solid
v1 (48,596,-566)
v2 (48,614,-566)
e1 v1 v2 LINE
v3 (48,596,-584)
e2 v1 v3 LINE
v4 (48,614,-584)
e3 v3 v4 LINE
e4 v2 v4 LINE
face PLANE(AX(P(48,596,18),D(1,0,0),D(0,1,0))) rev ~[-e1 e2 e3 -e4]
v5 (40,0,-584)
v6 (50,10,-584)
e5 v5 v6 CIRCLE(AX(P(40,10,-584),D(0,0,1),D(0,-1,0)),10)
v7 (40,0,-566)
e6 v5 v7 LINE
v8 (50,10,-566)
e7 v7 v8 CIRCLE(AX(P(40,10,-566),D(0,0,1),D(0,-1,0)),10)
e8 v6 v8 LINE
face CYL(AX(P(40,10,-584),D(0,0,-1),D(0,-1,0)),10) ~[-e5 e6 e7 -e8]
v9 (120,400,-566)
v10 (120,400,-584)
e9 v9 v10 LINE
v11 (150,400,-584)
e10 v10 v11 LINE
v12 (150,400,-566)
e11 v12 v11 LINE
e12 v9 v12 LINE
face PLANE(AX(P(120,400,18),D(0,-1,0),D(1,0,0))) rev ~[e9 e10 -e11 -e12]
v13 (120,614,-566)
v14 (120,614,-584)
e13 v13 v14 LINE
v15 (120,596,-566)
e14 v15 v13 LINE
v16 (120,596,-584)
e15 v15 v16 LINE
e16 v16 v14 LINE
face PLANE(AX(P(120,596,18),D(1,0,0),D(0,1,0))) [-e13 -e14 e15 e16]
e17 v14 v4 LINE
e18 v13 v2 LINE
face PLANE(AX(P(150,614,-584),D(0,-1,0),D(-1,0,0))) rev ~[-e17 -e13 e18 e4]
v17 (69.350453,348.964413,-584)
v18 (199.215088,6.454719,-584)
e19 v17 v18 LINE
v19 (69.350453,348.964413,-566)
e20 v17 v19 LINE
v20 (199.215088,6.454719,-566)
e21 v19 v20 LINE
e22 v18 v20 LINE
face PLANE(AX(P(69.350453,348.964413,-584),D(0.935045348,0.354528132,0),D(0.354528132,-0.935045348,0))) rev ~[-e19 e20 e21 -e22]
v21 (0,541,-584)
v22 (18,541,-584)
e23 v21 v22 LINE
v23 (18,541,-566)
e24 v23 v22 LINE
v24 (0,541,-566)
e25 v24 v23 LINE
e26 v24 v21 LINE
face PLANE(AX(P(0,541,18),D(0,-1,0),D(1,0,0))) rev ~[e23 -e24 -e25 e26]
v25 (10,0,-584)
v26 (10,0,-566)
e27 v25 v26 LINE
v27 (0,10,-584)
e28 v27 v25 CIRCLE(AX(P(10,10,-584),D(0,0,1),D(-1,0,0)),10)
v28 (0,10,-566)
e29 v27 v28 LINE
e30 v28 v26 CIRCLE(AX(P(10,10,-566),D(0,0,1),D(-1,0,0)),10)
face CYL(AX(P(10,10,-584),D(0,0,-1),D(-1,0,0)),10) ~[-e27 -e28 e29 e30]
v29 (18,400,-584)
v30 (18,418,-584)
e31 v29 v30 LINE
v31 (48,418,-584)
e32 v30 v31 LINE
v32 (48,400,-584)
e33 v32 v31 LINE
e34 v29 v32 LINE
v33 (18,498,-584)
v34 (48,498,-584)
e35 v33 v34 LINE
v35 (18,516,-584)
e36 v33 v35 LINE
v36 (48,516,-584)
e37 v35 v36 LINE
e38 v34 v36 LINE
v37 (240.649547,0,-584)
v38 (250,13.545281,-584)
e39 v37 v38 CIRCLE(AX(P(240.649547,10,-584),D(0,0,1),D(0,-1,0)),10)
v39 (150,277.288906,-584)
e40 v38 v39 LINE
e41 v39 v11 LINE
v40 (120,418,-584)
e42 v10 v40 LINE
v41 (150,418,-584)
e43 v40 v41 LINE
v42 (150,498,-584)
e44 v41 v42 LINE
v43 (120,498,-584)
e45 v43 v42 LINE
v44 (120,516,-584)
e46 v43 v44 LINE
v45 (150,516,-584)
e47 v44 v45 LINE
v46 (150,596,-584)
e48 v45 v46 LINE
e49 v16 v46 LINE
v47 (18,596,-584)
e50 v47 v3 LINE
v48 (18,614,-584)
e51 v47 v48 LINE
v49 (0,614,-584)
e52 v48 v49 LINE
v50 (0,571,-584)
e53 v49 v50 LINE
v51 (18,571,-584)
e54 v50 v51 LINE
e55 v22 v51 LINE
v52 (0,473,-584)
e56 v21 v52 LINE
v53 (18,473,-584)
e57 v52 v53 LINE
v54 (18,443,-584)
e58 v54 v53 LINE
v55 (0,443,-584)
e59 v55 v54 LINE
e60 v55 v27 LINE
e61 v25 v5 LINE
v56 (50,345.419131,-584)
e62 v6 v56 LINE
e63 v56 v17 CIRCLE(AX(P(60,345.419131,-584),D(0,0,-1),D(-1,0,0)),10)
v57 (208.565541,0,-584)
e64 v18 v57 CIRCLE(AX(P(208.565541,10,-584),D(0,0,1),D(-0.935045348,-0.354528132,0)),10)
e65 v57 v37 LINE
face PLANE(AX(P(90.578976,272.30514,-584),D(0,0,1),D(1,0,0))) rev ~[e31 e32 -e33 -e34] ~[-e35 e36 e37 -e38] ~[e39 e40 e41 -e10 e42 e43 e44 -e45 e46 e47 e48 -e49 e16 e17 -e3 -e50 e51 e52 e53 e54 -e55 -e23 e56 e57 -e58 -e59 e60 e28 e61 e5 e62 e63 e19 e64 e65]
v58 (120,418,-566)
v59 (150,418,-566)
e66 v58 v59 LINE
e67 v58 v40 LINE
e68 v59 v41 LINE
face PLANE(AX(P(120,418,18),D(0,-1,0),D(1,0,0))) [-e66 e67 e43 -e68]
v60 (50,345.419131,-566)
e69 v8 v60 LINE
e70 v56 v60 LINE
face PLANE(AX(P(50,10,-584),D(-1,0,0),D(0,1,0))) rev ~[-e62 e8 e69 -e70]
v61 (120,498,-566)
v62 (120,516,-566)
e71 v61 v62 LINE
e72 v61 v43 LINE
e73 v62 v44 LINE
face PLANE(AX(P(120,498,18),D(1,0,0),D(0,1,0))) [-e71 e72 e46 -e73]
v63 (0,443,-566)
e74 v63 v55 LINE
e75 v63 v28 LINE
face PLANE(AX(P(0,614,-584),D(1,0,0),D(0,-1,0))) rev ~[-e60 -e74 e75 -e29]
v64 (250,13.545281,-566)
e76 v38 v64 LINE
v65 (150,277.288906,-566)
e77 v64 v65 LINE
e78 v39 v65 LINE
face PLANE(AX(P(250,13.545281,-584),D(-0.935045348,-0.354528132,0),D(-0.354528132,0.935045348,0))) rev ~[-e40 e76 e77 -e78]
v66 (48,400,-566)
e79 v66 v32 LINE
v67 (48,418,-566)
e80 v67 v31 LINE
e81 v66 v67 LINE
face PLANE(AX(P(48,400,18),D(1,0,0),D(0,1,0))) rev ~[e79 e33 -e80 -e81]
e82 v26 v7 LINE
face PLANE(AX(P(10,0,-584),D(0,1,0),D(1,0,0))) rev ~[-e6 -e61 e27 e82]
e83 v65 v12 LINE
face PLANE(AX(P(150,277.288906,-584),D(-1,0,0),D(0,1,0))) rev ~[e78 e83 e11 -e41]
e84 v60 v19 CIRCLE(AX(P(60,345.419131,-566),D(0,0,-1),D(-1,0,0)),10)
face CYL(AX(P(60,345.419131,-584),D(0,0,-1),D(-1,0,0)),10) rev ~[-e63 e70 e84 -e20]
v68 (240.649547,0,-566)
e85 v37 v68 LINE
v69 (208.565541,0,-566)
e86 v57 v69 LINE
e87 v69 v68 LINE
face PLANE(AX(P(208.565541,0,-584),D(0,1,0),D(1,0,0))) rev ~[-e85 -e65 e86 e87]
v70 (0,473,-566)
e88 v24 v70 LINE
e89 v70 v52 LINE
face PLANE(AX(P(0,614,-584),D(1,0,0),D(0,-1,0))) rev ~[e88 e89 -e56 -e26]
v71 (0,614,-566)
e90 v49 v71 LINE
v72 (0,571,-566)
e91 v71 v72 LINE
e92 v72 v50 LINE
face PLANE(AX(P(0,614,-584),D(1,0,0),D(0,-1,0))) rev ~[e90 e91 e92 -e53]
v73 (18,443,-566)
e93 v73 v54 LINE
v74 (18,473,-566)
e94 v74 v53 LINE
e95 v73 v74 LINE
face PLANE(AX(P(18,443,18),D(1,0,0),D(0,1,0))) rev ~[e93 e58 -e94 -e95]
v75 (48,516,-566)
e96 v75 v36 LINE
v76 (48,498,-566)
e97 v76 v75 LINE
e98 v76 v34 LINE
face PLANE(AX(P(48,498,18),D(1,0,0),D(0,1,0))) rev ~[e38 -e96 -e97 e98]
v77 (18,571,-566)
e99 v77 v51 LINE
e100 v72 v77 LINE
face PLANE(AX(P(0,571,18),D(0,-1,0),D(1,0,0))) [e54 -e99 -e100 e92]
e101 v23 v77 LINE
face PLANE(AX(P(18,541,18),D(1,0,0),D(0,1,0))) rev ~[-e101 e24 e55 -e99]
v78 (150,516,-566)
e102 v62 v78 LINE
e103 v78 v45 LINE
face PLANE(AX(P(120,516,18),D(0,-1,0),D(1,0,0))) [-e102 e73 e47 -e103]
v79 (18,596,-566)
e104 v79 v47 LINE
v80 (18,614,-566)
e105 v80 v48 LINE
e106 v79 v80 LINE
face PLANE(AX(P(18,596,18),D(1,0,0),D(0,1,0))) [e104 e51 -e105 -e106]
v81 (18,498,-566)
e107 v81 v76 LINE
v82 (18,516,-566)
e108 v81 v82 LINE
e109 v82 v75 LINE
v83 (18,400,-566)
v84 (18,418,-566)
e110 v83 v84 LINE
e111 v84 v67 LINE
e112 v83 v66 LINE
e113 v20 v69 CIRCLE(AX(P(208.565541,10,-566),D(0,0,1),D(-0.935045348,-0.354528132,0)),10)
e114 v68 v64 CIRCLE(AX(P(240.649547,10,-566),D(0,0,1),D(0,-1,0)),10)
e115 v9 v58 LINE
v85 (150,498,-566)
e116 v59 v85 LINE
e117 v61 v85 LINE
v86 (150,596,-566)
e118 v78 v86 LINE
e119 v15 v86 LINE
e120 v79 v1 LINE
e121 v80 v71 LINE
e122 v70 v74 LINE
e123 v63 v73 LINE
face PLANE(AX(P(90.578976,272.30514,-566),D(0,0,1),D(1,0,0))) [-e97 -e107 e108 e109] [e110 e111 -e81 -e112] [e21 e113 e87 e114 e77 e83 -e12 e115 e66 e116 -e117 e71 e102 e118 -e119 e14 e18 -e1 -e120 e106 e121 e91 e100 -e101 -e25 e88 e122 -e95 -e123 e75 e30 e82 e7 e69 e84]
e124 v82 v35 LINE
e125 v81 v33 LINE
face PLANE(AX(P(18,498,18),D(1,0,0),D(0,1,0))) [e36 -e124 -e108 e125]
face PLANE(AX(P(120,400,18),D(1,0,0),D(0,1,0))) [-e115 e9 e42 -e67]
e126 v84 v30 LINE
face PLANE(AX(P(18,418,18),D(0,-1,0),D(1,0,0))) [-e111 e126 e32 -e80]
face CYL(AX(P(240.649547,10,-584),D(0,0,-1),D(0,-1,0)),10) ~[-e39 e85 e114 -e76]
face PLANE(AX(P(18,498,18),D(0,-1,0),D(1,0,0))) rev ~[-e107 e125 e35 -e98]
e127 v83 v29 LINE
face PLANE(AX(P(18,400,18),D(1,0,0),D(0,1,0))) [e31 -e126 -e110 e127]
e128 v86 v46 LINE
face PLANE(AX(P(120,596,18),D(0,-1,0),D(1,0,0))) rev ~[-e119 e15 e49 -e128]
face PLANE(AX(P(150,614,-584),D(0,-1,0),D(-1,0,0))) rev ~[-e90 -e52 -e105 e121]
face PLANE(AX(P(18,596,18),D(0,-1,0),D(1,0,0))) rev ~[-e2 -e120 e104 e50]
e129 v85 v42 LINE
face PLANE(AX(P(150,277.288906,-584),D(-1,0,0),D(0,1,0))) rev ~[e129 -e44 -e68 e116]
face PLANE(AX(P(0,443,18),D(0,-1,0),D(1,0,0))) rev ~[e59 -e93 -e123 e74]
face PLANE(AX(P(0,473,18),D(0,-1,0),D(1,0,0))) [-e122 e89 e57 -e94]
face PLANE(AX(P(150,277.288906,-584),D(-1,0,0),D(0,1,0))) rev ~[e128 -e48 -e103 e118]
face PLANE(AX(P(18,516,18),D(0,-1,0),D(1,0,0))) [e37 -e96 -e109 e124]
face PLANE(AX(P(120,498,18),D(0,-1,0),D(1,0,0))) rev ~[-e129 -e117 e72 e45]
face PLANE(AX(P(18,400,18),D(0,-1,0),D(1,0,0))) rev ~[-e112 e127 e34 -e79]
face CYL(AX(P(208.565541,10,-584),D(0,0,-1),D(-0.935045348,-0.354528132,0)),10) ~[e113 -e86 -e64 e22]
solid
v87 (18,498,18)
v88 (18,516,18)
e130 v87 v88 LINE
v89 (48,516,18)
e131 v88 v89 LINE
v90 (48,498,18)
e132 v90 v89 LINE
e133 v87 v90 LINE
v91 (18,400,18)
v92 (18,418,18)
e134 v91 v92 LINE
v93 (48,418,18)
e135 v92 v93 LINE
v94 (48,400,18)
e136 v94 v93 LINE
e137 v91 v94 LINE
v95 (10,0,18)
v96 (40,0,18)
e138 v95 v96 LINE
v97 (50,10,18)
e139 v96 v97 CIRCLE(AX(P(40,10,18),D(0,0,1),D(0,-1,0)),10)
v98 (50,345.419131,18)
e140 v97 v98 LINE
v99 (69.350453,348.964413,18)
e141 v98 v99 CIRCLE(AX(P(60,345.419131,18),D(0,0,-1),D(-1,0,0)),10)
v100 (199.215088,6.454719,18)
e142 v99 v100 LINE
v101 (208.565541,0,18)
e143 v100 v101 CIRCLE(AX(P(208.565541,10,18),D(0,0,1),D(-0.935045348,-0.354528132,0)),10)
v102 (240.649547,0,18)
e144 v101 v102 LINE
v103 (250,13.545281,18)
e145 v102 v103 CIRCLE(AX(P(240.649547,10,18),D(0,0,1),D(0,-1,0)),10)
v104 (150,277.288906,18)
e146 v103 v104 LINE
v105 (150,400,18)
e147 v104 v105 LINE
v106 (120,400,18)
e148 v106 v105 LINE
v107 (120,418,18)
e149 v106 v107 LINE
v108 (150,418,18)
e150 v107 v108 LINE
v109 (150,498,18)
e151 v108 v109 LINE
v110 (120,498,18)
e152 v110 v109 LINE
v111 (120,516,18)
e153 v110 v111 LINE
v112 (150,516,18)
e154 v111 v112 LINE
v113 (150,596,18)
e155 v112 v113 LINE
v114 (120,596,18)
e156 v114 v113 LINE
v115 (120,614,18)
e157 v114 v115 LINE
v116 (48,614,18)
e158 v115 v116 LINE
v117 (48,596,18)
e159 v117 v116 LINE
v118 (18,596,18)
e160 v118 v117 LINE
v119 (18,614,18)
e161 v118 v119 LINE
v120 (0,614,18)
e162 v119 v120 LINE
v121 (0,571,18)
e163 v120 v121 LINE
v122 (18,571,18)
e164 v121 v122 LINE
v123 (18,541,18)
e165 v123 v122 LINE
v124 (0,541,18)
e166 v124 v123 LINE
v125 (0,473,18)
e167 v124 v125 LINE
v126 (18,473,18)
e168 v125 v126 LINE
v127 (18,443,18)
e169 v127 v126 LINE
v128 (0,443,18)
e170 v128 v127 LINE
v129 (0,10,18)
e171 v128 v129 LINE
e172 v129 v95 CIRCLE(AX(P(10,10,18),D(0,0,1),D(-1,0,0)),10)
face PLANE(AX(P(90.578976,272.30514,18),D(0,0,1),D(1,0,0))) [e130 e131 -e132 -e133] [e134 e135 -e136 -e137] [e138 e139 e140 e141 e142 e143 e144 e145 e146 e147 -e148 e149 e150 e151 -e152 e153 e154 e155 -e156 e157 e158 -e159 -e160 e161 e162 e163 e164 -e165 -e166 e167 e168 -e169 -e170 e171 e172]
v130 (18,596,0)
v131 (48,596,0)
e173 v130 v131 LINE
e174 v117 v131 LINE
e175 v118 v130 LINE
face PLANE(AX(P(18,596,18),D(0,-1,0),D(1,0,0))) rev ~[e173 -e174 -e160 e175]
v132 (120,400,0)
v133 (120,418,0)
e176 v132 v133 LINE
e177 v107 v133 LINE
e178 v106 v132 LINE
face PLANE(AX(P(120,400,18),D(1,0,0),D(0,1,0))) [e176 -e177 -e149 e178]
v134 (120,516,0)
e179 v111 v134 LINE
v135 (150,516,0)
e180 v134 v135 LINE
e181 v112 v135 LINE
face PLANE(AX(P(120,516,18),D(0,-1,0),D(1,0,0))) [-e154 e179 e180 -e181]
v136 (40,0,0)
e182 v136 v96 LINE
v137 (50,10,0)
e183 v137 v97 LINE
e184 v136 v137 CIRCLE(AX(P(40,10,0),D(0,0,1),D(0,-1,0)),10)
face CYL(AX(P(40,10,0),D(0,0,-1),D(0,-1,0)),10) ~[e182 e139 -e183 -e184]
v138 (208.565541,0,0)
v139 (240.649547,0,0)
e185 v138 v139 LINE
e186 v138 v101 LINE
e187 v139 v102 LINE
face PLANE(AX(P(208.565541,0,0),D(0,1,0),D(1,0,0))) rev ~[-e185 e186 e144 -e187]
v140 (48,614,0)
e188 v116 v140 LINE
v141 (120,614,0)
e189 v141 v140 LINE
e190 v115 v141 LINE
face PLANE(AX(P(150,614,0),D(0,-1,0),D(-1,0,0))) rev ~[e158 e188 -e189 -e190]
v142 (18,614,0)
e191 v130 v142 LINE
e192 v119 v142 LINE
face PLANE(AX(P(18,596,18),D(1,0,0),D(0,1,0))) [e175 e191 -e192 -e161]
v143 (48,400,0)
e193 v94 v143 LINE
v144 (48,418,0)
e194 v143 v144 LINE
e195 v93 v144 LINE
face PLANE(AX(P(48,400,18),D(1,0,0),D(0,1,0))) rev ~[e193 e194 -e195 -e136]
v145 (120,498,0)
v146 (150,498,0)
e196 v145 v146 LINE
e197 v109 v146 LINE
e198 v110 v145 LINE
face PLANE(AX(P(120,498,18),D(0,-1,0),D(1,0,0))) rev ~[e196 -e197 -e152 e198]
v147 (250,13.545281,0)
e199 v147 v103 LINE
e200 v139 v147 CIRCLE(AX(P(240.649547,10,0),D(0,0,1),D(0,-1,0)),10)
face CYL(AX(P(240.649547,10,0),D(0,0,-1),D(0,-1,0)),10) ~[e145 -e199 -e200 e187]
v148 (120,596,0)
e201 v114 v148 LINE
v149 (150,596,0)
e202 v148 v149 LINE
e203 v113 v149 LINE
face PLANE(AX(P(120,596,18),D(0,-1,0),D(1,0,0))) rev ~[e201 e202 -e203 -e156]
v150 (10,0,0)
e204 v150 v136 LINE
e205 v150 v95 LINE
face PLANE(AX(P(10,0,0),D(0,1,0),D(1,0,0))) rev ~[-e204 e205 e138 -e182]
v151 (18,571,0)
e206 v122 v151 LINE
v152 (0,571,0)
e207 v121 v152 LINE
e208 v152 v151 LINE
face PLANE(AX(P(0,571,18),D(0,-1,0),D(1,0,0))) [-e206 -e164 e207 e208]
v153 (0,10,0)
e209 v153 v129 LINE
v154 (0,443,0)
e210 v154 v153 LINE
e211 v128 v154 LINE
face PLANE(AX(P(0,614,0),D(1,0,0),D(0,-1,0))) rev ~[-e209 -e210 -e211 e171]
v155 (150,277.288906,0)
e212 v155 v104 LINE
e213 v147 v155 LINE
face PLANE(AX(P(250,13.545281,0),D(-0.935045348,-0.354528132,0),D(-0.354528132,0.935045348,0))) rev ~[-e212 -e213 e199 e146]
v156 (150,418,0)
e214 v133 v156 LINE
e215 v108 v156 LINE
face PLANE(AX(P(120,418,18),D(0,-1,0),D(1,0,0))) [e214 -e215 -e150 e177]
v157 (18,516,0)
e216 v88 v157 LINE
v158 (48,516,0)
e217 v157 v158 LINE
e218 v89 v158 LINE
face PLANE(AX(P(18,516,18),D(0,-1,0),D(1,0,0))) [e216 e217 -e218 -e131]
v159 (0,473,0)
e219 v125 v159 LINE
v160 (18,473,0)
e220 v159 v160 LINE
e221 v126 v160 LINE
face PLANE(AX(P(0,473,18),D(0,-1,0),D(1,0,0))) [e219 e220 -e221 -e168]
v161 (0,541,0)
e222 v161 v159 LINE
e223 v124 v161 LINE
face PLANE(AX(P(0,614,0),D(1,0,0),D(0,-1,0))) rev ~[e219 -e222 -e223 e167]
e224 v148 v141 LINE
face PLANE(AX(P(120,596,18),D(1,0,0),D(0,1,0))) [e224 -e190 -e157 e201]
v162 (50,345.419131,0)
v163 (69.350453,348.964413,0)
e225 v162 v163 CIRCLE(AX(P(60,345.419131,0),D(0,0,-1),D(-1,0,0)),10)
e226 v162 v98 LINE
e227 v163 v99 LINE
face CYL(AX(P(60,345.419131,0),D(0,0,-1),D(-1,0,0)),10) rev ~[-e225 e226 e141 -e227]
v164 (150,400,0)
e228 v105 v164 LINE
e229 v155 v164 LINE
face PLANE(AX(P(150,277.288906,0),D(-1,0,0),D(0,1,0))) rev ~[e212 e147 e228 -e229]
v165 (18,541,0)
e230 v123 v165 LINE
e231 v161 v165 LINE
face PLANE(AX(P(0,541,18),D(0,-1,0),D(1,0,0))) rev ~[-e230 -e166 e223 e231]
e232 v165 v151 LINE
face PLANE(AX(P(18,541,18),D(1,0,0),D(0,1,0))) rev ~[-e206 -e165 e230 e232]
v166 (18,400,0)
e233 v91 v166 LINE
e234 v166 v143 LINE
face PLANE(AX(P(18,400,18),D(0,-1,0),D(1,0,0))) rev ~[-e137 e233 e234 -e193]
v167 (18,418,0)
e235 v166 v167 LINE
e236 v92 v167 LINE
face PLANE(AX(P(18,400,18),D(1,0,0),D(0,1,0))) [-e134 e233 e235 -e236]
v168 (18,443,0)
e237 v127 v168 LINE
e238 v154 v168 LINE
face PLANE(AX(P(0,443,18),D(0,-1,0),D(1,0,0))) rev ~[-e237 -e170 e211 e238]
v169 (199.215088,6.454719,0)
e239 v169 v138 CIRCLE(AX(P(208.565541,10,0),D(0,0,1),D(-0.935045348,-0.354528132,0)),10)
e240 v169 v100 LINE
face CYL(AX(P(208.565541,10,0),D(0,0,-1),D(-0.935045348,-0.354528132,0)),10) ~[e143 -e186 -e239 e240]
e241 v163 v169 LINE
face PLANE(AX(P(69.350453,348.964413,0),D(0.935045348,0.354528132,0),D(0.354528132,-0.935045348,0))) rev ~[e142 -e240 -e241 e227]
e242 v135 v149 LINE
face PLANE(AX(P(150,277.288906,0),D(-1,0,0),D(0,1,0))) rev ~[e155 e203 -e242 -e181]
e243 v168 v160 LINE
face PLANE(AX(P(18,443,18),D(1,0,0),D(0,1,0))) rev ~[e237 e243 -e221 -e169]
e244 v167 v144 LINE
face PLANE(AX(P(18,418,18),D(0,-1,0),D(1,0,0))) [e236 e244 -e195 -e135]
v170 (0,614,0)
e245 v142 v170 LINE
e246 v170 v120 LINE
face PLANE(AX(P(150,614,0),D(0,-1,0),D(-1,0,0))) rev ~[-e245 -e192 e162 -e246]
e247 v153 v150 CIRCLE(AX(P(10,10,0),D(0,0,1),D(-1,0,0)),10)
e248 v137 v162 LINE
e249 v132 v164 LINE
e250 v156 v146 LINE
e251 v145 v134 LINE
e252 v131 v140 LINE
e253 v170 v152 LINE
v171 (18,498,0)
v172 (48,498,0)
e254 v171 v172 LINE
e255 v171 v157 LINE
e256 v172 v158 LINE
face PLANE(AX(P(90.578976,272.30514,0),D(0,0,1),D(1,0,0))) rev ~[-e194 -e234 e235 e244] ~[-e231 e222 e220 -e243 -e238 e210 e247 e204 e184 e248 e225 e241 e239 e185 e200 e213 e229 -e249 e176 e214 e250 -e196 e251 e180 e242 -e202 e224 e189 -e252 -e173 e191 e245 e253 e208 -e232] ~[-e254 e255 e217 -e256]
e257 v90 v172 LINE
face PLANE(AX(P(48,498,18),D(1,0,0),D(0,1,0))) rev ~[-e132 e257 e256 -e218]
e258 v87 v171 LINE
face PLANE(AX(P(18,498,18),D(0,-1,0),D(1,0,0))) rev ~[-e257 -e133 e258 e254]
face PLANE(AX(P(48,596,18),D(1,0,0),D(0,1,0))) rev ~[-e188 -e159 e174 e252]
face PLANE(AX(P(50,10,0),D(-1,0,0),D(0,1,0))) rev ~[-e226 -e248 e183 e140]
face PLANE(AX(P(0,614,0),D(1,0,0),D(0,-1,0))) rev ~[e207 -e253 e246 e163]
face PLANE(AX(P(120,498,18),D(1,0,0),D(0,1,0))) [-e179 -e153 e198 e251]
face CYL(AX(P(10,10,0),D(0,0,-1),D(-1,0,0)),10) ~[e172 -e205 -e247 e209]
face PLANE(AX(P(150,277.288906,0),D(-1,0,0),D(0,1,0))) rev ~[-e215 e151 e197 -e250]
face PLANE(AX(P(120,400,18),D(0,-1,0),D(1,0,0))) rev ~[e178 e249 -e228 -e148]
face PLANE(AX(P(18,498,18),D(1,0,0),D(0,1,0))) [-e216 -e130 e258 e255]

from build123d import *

# Parameters (mm, degrees)
BOSS_EXTRU_1_DEPTH         = 18
R_P_TITION_LIN_AIRE1_COUNT = 2
R_P_TITION_LIN_AIRE1_PITCH = 584
ESQUISSE2_W                = 18
ESQUISSE2_H                = 30
ESQUISSE2_W_2              = 30
ESQUISSE2_H_2              = 18
ENL_V_MAT_EXTRU_1_DEPTH    = 896.670249126


with BuildPart() as part:
    # Esquisse1 → Boss.-Extru.1 (new body)
    with BuildSketch(Plane.XY):
        with BuildLine():
            Line((10, 0), (40, 0))
            ThreePointArc((40, 0), (47.071067812, 2.928932188), (50, 10))
            Line((50, 10), (50, 345.419131188))
            ThreePointArc((50, 345.419131188), (58.19785334, 355.255404233), (69.350453483, 348.964412512))
            Line((69.350453483, 348.964412512), (199.215087638, 6.454718676))
            ThreePointArc((199.215087638, 6.454718676), (202.884555874, 1.770394504), (208.565541121, 0))
            Line((208.565541121, 0), (240.649546517, 0))
            ThreePointArc((240.649546517, 0), (248.879152013, 4.319014753), (250, 13.545281324))
            Line((250, 13.545281324), (150, 277.288906417))
            Line((150, 277.288906417), (150, 614))
            Line((150, 614), (0, 614))
            Line((0, 614), (0, 10))
            ThreePointArc((0, 10), (2.928932188, 2.928932188), (10, 0))
        make_face()
    extrude(amount=BOSS_EXTRU_1_DEPTH)


with BuildPart() as r_p_tition_lin_aire1_1:
    # Répétition linéaire1: pattern copy
    add(part.part.moved(Location(Vector(0, 0, -1) * (1 * R_P_TITION_LIN_AIRE1_PITCH))))


with BuildPart() as enl_v_mat_extru_1_tool:
    # Esquisse2 → Enlèv. mat.-Extru.1 (new, through all)
    with BuildSketch(Plane.XY.offset(18)):
        with Locations((9, 556)):
            Rectangle(ESQUISSE2_W, ESQUISSE2_H)
        with Locations((9, 458)):
            Rectangle(ESQUISSE2_W, ESQUISSE2_H)
        with Locations((33, 605)):
            Rectangle(ESQUISSE2_W_2, ESQUISSE2_H_2)
        with Locations((135, 605)):
            Rectangle(ESQUISSE2_W_2, ESQUISSE2_H_2)
        with Locations((33, 507)):
            Rectangle(ESQUISSE2_W_2, ESQUISSE2_H_2)
        with Locations((135, 507)):
            Rectangle(ESQUISSE2_W_2, ESQUISSE2_H_2)
        with Locations((135, 409)):
            Rectangle(ESQUISSE2_W_2, ESQUISSE2_H_2)
        with Locations((33, 409)):
            Rectangle(ESQUISSE2_W_2, ESQUISSE2_H_2)
    extrude(amount=-ENL_V_MAT_EXTRU_1_DEPTH)


with BuildPart() as part_1:
    add(part.part)

    # Enlèv. mat.-Extru.1: cut by enl_v_mat_extru_1_tool
    add(enl_v_mat_extru_1_tool.part, mode=Mode.SUBTRACT)


with BuildPart() as r_p_tition_lin_aire1_1_1:
    add(r_p_tition_lin_aire1_1.part)

    # Enlèv. mat.-Extru.1: cut by enl_v_mat_extru_1_tool
    add(enl_v_mat_extru_1_tool.part, mode=Mode.SUBTRACT)


solid = Compound([part_1.part, r_p_tition_lin_aire1_1_1.part])
